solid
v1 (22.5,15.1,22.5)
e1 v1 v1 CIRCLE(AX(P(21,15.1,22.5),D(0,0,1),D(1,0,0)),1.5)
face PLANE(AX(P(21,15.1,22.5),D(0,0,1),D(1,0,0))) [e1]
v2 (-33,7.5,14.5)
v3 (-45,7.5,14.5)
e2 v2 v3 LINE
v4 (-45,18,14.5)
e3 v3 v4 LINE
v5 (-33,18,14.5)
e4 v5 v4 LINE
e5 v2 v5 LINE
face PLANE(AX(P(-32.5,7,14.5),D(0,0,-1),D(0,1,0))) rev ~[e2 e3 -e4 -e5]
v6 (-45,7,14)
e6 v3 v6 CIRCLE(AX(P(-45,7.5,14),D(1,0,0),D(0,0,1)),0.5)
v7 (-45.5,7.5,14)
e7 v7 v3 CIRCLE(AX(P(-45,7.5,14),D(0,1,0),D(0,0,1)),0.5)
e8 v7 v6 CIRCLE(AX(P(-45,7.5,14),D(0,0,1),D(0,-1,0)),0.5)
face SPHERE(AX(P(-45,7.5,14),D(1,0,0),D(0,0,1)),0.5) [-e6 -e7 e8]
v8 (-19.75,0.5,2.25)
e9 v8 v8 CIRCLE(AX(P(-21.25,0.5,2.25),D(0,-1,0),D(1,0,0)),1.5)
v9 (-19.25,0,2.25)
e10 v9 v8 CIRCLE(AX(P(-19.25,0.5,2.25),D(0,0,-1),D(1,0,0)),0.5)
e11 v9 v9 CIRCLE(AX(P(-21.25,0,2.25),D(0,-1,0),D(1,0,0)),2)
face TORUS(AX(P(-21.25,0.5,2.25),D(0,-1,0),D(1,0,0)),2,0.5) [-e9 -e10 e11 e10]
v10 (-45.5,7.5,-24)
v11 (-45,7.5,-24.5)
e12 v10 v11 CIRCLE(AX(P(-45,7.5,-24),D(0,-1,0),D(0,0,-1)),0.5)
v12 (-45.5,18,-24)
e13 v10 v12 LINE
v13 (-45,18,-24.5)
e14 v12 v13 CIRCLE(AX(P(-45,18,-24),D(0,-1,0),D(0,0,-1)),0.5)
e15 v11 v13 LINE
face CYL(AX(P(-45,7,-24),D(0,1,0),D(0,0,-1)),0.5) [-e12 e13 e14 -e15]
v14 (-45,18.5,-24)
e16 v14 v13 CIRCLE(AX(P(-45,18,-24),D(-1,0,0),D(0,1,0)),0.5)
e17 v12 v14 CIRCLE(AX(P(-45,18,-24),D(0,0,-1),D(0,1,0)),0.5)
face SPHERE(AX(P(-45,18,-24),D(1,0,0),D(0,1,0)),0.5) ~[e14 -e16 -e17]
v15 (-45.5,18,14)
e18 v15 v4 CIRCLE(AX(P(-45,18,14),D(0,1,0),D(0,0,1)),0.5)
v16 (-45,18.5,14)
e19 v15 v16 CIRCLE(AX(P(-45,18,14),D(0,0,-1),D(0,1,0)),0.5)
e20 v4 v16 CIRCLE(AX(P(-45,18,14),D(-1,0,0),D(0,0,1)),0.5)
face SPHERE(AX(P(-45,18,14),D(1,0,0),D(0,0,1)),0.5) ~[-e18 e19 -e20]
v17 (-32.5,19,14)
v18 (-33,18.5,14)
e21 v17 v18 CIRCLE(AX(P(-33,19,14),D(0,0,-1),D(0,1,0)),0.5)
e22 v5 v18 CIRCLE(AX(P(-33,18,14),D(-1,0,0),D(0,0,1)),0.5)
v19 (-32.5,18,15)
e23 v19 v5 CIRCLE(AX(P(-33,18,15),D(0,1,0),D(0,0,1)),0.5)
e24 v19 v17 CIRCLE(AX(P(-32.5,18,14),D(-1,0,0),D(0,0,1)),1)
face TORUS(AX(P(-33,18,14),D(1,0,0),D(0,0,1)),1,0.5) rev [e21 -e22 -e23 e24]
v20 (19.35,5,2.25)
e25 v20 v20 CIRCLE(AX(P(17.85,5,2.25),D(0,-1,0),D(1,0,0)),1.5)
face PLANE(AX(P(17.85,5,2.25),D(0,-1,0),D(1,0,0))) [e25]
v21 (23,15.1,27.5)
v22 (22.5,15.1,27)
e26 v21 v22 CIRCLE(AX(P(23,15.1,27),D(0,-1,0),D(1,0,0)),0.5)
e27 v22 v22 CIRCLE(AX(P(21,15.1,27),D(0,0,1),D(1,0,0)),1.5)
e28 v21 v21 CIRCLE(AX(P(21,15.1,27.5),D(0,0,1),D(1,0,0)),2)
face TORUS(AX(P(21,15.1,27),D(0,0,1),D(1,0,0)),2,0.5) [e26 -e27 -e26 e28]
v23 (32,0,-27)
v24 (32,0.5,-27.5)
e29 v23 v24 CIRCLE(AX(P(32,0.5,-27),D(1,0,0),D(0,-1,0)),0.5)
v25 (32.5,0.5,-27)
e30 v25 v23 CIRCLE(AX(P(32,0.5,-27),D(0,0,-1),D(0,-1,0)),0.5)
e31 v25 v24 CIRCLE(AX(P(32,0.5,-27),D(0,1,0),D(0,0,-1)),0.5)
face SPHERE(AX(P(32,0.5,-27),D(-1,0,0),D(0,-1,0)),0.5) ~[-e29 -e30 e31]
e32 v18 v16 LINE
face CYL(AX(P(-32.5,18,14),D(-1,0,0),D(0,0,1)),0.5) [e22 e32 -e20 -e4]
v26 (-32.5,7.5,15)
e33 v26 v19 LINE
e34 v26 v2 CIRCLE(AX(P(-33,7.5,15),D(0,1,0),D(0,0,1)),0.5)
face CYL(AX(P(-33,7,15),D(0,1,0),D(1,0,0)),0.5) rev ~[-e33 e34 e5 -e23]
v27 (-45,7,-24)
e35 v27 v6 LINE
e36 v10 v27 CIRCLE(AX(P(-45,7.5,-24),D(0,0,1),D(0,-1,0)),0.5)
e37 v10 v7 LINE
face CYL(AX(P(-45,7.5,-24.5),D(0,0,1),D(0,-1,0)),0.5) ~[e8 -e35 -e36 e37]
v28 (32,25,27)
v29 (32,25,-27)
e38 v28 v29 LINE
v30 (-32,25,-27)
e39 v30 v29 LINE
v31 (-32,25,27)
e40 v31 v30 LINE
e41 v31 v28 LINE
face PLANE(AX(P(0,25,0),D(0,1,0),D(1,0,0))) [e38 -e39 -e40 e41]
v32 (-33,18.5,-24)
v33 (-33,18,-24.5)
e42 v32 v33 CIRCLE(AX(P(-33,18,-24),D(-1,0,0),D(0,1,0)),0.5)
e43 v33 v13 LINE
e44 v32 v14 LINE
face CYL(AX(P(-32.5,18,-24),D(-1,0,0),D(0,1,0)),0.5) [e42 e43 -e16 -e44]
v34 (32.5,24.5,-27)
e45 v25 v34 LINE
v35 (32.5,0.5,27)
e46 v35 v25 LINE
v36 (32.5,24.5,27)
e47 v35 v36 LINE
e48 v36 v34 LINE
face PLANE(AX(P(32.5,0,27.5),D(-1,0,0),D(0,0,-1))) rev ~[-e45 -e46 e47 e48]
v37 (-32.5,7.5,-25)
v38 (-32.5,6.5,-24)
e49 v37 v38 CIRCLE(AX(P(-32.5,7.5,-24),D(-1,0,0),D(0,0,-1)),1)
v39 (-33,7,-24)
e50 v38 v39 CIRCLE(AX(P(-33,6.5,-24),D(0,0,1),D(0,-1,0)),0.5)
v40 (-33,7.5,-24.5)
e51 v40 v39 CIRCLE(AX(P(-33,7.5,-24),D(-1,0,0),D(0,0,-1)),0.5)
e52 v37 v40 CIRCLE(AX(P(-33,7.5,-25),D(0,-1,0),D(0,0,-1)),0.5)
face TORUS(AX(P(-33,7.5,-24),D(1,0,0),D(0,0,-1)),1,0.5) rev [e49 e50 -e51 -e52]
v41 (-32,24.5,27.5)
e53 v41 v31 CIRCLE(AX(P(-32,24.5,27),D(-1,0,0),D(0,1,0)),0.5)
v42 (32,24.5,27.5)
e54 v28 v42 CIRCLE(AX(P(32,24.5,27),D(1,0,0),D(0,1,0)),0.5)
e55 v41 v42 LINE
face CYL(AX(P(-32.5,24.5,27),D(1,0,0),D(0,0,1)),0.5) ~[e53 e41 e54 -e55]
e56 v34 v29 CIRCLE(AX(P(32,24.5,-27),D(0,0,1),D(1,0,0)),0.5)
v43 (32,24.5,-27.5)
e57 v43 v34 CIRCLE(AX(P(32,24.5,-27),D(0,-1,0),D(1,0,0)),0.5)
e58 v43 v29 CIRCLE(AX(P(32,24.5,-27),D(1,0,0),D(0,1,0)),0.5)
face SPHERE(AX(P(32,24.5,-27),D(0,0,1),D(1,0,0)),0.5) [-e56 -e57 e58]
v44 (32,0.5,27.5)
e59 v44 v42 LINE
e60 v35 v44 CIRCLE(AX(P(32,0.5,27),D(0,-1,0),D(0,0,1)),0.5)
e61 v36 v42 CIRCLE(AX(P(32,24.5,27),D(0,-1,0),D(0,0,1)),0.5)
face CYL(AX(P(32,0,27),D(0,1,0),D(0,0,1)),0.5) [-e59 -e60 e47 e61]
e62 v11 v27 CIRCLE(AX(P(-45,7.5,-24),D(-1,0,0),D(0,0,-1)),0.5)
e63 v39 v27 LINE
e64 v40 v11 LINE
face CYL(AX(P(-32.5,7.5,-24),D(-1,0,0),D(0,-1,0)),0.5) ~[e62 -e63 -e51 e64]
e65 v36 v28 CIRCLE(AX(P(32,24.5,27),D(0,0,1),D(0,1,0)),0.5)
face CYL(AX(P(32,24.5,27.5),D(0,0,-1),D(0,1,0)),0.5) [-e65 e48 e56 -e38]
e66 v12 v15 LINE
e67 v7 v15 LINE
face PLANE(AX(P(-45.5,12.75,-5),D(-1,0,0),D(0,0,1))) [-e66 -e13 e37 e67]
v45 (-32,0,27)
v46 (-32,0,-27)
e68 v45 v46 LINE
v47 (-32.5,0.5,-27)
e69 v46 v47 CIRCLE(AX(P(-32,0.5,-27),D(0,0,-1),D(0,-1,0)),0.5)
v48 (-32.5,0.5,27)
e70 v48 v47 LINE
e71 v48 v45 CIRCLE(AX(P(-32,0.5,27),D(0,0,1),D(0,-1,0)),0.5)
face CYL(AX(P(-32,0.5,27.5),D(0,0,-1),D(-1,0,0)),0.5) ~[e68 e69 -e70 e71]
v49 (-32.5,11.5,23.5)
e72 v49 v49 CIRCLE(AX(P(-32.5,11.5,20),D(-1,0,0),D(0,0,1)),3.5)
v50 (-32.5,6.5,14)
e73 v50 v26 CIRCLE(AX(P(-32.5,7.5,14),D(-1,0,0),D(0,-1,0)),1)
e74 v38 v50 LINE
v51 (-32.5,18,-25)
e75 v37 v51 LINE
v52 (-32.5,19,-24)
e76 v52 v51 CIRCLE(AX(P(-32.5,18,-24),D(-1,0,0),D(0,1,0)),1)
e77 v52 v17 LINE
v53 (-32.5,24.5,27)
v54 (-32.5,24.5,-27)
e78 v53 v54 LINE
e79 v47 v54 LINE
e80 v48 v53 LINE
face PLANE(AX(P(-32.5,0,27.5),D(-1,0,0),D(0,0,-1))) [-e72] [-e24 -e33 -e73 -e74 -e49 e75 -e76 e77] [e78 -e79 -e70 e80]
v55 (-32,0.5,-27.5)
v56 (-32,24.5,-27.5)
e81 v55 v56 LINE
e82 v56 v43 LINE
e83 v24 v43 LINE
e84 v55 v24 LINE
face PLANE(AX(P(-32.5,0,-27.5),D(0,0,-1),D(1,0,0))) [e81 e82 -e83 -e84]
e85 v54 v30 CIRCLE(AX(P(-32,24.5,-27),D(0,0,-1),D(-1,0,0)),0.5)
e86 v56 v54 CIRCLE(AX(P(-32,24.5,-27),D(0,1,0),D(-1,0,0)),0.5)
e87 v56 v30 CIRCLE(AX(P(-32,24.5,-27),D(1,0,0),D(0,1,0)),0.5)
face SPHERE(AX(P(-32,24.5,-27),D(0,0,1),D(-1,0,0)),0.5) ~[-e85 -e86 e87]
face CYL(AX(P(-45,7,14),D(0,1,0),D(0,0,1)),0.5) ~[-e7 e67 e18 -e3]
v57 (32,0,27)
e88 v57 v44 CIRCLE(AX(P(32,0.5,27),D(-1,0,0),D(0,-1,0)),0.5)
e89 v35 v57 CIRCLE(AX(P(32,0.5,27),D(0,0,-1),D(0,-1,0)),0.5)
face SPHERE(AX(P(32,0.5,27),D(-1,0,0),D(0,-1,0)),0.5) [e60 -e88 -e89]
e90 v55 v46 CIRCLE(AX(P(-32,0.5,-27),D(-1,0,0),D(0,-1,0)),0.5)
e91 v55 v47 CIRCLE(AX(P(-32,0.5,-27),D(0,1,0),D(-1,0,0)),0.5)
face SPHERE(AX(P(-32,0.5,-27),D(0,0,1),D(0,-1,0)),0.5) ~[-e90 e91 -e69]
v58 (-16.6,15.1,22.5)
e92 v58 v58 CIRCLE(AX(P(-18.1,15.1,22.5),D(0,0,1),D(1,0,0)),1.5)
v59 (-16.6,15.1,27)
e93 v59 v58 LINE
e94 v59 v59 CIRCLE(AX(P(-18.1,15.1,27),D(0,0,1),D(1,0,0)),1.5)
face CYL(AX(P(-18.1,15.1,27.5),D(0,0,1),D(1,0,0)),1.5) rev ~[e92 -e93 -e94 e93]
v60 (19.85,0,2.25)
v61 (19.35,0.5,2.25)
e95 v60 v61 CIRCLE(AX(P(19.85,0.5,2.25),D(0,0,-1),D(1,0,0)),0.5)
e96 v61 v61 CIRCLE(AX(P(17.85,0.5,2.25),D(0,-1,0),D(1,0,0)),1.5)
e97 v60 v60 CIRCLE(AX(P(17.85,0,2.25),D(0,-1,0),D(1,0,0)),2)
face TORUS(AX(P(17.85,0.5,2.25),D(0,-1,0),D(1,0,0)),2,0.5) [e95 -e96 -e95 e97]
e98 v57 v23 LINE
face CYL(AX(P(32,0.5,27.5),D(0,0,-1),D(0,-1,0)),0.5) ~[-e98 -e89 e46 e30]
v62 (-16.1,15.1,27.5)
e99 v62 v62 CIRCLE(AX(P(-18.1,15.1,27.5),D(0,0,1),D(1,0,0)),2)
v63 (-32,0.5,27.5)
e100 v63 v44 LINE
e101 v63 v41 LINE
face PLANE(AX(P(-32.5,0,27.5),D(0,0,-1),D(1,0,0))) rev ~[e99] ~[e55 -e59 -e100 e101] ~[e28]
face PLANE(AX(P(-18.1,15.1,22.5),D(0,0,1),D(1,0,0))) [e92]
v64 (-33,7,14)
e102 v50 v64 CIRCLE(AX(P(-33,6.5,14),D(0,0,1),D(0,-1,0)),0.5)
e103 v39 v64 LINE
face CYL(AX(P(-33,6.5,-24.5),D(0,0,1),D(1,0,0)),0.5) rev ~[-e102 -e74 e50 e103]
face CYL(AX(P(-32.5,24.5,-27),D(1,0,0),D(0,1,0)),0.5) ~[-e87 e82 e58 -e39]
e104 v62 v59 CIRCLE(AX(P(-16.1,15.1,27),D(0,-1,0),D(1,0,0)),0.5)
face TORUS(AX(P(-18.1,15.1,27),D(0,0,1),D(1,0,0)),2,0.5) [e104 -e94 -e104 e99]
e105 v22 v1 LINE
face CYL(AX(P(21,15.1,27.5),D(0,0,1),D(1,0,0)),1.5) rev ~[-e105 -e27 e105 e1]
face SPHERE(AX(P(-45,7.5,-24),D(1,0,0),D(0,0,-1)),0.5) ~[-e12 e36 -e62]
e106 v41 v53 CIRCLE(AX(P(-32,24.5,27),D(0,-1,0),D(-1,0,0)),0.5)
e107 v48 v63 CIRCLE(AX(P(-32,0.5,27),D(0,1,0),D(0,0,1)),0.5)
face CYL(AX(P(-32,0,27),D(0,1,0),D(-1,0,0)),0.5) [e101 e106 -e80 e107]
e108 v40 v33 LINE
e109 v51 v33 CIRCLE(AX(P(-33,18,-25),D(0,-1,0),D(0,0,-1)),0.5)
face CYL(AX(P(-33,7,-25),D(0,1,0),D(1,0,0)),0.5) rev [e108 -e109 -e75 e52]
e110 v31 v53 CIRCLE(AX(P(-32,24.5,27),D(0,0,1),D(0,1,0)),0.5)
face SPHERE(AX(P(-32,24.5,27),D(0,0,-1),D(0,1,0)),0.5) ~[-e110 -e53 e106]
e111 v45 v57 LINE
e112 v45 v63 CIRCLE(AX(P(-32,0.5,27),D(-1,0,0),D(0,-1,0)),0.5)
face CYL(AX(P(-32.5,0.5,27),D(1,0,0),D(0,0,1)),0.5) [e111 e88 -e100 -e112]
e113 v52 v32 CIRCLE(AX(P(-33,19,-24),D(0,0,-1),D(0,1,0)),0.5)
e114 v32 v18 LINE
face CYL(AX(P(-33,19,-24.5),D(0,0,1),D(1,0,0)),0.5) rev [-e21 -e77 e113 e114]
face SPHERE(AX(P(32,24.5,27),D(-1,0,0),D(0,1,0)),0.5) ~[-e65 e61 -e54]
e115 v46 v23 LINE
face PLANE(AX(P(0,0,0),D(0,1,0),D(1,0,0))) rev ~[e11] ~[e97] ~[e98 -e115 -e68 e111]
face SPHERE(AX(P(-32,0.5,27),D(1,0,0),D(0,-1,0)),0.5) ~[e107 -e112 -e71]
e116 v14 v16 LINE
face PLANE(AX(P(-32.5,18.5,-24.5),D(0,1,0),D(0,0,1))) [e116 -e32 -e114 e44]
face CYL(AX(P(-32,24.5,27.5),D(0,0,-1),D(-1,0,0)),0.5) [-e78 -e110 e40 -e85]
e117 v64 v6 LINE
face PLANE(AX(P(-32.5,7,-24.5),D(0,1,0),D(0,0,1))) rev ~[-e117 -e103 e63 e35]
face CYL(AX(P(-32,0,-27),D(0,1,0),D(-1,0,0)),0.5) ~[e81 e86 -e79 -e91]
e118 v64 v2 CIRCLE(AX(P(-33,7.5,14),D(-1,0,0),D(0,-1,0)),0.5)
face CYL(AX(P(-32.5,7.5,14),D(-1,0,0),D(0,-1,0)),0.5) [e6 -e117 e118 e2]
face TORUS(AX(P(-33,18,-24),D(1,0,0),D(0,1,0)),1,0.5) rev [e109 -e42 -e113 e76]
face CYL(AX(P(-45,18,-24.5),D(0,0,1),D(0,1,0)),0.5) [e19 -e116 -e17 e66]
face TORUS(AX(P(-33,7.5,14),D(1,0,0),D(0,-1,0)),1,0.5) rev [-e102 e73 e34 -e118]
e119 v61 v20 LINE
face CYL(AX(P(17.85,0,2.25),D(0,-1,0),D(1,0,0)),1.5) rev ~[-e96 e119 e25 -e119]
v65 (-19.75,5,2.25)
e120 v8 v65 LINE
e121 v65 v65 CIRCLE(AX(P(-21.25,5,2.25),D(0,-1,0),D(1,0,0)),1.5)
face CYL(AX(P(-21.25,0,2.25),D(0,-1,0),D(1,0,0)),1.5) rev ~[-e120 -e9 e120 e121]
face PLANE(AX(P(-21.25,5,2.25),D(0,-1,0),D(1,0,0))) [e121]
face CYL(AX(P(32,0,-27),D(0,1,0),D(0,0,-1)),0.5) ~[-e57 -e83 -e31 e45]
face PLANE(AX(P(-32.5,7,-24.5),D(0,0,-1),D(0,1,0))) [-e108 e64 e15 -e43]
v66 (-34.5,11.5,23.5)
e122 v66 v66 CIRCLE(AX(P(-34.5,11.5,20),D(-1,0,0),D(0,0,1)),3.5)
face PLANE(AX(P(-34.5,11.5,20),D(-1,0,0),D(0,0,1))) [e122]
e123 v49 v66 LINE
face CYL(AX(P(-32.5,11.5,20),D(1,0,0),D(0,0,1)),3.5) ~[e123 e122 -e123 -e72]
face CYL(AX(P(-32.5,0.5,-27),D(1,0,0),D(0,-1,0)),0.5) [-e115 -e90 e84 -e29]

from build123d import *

# Parameters (mm, degrees)
SKETCH1_W           = 65
SKETCH1_H           = 55
BOSS_EXTRUDE1_DEPTH = 25
SKETCH2_R           = 1.5
CUT_EXTRUDE1_DEPTH  = 5
SKETCH3_R           = 1.5
CUT_EXTRUDE2_DEPTH  = 5
SKETCH4_W           = 39
SKETCH4_H           = 11.5
BOSS_EXTRUDE2_DEPTH = 13
FILLET1_R           = 0.5
SKETCH5_R           = 3.5
BOSS_EXTRUDE3_DEPTH = 2


with BuildPart() as part:
    # Sketch1 → Boss-Extrude1 (new body)
    with BuildSketch(Plane(origin=(0, 0, 0), x_dir=(1, 0, 0), z_dir=(0, 1, 0))):
        Rectangle(SKETCH1_W, SKETCH1_H)
    extrude(amount=BOSS_EXTRUDE1_DEPTH)

    # Sketch2 → Cut-Extrude1 (cut)
    with BuildSketch(Plane.XZ):
        with Locations((17.85, 2.25)):
            Circle(SKETCH2_R)
        with Locations((-21.25, 2.25)):
            Circle(SKETCH2_R)
    extrude(amount=-CUT_EXTRUDE1_DEPTH, mode=Mode.SUBTRACT)

    # Sketch3 → Cut-Extrude2 (cut)
    with BuildSketch(Plane.XY.offset(27.5)):
        with Locations((21, 15.1)):
            Circle(SKETCH3_R)
        with Locations((-18.1, 15.1)):
            Circle(SKETCH3_R)
    extrude(amount=-CUT_EXTRUDE2_DEPTH, mode=Mode.SUBTRACT)

    # Sketch4 → Boss-Extrude2 (add)
    with BuildSketch(Plane.ZY.offset(32.5)):
        with Locations((-5, 12.75)):
            Rectangle(SKETCH4_W, SKETCH4_H)
    extrude(amount=BOSS_EXTRUDE2_DEPTH)

    # Fillet1
    fillet1_edges = [part.edges().sort_by_distance(p)[0] for p in [
        (-32.5, 25, 0),
        (16.35, 0, 2.25),
        (0, 25, 27.5),
        (-22.75, 0, 2.25),
        (19.5, 15.1, 27.5),
        (-19.6, 15.1, 27.5),
        (-32.5, 12.75, 14.5),
        (-39, 7, 14.5),
        (-32.5, 18.5, -5),
        (-39, 18.5, 14.5),
        (-32.5, 12.75, -24.5),
        (-39, 18.5, -24.5),
        (-32.5, 7, -5),
        (-39, 7, -24.5),
        (-45.5, 12.75, 14.5),
        (-45.5, 18.5, -5),
        (-45.5, 12.75, -24.5),
        (-45.5, 7, -5),
        (32.5, 25, 0),
        (0, 0, 27.5),
        (-32.5, 0, 0),
        (0, 0, -27.5),
        (32.5, 0, 0),
        (32.5, 12.5, 27.5),
        (-32.5, 12.5, 27.5),
        (-32.5, 12.5, -27.5),
        (32.5, 12.5, -27.5),
        (0, 25, -27.5),
    ]]
    fillet(fillet1_edges, radius=FILLET1_R)

    # Sketch5 → Boss-Extrude3 (add)
    with BuildSketch(Plane.ZY.offset(32.5)):
        with Locations((20, 11.5)):
            Circle(SKETCH5_R)
    extrude(amount=BOSS_EXTRUDE3_DEPTH)


solid = part.part
